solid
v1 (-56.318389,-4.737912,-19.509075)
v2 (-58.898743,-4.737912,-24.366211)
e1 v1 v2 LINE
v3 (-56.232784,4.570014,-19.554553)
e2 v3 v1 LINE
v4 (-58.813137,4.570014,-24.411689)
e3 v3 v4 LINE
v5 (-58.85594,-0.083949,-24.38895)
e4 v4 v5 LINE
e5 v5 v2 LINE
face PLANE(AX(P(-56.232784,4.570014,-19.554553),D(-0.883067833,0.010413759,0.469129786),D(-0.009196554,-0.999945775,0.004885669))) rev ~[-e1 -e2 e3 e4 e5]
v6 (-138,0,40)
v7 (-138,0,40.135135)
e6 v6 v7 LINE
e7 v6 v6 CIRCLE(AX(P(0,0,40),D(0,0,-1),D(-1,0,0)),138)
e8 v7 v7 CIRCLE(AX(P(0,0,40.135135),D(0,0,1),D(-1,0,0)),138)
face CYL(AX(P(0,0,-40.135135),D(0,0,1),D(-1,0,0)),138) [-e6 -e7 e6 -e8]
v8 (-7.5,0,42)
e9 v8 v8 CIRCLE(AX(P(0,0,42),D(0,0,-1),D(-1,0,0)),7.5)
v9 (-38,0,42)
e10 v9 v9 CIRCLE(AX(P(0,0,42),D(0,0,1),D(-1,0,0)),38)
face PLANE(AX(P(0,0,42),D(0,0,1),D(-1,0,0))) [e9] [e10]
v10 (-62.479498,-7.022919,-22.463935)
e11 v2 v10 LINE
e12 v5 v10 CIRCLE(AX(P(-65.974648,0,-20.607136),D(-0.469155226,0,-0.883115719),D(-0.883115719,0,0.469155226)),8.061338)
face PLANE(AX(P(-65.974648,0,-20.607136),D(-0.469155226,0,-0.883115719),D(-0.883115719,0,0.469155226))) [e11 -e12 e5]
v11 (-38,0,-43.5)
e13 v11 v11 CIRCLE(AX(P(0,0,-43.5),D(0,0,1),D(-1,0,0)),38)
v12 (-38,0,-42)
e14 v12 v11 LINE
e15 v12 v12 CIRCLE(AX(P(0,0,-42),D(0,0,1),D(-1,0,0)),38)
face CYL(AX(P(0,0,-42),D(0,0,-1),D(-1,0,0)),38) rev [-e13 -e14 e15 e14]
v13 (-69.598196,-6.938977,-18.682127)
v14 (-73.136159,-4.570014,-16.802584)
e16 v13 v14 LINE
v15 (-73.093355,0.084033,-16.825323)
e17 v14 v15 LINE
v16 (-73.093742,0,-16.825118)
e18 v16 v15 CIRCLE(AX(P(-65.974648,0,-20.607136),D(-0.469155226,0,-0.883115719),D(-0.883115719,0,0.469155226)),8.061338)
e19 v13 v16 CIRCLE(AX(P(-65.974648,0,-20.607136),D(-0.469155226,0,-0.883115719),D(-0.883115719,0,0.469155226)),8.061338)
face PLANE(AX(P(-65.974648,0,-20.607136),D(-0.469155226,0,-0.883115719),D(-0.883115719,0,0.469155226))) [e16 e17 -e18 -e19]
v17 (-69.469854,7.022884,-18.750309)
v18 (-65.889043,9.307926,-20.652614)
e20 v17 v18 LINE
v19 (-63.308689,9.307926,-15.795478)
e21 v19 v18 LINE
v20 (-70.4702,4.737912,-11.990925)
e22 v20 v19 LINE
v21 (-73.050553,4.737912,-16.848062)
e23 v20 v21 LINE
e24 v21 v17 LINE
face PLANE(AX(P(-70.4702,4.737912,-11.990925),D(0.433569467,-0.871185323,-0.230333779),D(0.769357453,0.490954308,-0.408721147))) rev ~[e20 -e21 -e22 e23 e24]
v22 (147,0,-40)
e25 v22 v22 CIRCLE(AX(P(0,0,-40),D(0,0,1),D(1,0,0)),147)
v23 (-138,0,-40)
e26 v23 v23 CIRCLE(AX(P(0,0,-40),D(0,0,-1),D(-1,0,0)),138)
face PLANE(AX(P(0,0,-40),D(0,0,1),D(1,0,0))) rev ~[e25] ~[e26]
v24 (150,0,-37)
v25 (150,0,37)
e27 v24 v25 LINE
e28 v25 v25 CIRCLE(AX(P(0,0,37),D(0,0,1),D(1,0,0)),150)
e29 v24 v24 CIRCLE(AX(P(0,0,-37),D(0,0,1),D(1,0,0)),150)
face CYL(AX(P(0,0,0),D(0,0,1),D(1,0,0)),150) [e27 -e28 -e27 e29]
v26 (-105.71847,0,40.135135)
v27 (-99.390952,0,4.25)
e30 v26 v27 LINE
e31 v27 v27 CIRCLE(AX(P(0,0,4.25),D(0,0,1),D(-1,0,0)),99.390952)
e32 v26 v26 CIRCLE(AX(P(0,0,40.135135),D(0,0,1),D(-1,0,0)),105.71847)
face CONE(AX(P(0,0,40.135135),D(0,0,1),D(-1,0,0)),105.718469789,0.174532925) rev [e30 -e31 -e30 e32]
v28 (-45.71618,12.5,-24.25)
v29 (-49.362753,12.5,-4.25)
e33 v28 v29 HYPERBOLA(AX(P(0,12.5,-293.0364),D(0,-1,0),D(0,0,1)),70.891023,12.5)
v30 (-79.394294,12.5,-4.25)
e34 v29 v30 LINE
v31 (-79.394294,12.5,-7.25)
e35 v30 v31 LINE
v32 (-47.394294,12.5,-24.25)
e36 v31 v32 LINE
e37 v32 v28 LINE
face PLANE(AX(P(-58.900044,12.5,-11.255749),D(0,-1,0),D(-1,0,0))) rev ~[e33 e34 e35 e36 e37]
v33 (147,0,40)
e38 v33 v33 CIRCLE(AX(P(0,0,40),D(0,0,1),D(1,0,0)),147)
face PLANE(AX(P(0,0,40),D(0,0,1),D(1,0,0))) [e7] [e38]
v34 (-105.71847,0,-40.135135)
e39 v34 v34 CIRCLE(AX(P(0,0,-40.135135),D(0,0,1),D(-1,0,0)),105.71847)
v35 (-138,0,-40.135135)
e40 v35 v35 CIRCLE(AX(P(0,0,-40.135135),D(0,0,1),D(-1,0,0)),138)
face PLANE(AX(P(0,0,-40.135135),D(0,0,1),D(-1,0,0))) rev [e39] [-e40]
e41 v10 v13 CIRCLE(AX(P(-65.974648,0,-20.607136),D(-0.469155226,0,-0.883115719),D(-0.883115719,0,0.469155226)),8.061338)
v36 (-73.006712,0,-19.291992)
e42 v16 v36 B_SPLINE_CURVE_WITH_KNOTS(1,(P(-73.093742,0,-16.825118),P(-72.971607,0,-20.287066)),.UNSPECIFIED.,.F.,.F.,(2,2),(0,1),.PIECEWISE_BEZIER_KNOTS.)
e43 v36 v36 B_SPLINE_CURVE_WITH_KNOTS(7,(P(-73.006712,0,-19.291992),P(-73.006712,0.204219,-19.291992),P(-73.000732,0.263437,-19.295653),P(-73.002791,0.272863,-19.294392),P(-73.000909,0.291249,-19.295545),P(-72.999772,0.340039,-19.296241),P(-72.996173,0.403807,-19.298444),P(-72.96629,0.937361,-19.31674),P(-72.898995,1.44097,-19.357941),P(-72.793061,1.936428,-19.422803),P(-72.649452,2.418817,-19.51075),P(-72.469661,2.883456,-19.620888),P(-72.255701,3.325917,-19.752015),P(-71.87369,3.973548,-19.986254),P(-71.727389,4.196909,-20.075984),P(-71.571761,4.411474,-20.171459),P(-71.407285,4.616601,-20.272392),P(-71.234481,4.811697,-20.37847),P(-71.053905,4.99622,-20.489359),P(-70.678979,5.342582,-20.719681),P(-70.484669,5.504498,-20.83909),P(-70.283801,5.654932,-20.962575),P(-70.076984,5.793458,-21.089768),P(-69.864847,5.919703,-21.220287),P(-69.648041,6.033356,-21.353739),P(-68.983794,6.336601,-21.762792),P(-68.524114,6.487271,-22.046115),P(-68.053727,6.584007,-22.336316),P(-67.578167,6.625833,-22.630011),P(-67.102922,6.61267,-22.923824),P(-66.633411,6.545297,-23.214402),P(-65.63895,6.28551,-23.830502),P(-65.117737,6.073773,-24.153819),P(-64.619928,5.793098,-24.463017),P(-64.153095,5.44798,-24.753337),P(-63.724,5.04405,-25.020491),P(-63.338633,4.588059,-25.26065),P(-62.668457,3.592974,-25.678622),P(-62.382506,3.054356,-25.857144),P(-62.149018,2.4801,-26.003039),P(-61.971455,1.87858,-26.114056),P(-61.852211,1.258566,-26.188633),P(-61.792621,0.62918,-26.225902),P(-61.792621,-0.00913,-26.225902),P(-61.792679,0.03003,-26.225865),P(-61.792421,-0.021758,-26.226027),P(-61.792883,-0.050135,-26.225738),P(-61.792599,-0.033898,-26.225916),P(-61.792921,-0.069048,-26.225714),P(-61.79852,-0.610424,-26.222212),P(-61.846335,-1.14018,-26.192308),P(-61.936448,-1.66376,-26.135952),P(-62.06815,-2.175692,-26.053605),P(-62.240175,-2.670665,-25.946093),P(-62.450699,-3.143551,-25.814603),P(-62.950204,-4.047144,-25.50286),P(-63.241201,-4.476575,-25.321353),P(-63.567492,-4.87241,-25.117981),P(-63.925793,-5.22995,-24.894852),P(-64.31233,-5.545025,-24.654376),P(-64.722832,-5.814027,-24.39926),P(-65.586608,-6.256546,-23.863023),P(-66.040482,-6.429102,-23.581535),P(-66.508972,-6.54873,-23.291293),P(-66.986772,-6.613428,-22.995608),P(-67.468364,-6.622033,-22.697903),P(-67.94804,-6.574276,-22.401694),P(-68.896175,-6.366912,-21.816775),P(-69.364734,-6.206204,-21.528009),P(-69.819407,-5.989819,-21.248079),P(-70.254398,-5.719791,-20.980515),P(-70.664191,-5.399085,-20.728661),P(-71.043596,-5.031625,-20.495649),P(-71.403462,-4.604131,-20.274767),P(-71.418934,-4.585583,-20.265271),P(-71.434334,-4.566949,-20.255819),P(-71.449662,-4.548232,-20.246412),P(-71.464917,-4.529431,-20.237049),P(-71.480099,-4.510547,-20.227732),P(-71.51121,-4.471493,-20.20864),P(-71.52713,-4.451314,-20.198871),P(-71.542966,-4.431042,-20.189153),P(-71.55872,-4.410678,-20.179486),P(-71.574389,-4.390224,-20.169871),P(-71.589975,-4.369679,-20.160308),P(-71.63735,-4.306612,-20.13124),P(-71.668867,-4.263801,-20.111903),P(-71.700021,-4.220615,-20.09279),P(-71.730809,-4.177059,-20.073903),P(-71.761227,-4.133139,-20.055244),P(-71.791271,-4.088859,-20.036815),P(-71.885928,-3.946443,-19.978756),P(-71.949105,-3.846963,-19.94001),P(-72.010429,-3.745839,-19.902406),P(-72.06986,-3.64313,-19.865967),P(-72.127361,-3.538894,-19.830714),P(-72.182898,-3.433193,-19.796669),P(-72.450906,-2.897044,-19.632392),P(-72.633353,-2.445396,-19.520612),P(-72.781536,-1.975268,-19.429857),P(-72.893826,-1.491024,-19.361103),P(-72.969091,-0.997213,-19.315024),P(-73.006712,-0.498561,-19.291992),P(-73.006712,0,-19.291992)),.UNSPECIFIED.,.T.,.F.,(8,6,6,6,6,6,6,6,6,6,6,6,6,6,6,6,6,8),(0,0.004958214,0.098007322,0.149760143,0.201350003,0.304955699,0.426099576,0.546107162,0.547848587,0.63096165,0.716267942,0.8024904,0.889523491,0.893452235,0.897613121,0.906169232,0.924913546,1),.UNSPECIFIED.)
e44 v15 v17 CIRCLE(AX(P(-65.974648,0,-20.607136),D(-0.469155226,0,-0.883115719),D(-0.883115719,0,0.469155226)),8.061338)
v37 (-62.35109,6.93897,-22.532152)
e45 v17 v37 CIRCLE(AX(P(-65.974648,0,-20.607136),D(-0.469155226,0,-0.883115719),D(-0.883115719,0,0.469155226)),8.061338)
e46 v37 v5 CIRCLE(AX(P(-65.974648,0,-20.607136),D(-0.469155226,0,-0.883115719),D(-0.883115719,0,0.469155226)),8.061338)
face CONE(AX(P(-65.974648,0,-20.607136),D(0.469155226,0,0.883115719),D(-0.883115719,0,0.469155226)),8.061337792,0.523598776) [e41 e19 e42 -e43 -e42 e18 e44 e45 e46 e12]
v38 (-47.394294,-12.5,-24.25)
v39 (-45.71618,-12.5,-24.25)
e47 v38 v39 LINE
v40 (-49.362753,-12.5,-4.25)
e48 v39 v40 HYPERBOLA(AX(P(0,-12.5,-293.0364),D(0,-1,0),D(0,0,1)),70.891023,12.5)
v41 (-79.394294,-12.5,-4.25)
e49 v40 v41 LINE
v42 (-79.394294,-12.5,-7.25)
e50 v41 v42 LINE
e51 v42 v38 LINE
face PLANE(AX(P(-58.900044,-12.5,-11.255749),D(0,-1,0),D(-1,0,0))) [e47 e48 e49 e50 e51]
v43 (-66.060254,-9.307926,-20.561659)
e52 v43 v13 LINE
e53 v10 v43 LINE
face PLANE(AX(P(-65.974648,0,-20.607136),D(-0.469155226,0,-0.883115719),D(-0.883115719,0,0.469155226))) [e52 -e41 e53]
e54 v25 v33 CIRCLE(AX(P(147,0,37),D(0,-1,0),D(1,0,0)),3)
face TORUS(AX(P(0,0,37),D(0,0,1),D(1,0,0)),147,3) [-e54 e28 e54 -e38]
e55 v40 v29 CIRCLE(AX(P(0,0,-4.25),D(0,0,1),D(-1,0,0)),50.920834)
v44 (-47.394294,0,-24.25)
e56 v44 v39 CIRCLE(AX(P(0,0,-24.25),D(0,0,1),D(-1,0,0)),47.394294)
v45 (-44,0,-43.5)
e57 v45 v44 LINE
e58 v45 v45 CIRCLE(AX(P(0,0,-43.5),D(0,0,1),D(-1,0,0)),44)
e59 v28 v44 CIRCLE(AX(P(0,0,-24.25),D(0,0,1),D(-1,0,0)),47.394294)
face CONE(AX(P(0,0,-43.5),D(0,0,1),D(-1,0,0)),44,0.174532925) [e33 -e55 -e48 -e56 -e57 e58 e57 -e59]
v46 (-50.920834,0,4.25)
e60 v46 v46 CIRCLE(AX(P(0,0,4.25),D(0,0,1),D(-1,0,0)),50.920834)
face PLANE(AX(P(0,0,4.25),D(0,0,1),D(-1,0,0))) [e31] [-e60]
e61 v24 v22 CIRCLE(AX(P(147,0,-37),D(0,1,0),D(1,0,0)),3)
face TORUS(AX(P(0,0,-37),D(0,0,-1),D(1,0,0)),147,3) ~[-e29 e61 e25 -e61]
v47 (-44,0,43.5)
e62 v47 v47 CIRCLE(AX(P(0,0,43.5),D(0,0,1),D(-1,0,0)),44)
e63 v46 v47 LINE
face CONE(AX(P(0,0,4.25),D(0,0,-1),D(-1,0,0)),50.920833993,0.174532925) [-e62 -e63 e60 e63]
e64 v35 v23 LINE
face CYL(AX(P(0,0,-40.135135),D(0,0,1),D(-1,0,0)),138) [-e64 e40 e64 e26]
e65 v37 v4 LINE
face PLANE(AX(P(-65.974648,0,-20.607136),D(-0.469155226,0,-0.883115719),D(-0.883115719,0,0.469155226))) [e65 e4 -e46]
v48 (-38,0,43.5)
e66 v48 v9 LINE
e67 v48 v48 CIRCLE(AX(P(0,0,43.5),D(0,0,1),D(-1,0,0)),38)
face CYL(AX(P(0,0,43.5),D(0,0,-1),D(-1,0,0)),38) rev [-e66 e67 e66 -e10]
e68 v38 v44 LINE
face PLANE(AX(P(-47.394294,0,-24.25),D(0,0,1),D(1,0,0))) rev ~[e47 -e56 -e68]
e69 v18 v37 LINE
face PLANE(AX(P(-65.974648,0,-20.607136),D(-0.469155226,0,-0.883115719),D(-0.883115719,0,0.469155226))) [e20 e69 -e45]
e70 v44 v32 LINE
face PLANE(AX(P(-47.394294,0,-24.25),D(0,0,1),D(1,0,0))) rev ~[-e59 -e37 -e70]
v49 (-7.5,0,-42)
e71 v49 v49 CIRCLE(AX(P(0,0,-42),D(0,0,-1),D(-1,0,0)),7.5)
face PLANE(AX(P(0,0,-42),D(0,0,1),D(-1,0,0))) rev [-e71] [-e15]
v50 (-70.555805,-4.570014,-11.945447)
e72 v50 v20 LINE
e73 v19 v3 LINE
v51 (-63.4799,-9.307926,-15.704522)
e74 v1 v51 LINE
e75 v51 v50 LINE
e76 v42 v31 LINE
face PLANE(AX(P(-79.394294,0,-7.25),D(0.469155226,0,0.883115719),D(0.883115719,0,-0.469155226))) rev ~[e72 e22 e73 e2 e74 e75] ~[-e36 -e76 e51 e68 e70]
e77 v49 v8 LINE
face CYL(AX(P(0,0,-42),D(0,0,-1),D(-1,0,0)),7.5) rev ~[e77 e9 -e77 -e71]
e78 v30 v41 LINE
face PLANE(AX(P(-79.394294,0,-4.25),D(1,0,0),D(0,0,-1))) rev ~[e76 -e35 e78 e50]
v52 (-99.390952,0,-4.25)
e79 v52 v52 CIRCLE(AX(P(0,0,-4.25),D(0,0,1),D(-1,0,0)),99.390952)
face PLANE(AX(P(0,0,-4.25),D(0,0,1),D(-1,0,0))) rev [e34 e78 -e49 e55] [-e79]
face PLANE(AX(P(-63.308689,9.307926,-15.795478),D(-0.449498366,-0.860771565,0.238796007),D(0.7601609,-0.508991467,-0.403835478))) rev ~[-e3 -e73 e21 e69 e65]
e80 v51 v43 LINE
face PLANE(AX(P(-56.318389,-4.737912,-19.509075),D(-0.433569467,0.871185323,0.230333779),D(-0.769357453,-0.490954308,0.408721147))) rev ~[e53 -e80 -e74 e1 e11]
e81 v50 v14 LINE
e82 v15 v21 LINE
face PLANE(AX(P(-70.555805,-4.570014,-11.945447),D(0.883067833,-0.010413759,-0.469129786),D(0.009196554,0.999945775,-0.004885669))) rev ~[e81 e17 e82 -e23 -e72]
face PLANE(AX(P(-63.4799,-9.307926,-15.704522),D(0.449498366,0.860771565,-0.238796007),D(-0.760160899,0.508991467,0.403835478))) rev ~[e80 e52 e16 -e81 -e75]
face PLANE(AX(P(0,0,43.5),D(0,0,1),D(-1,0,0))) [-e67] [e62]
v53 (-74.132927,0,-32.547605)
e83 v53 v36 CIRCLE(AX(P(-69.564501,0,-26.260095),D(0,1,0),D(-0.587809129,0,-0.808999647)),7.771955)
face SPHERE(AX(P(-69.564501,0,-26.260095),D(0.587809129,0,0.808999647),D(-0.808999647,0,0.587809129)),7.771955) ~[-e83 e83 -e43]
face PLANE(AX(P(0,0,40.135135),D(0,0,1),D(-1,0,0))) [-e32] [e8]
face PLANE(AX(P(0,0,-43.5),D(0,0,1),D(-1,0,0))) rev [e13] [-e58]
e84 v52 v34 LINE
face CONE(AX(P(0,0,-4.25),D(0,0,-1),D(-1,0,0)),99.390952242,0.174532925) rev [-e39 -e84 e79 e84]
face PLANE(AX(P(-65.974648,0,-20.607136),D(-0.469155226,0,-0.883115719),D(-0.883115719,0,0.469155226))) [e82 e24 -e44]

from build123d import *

# Parameters (mm, degrees)
SKETCH1_R           = 150
SKETCH1_R_2         = 138
BOSS_EXTRUDE1_DEPTH = 40
FILLET4_R           = 3
BOSS_EXTRUDE2_DEPTH = 12.5
BOSS_EXTRUDE3_DEPTH = 5.5
SKETCH6_R           = 8.061337792
BOSS_EXTRUDE4_DEPTH = 3
BOSS_EXTRUDE4_TAPER = 30
SKETCH8_R           = 7.5
CUT_EXTRUDE1_DEPTH  = 229.714341483


with BuildPart() as part:
    # Sketch1 → Boss-Extrude1 (new, symmetric)
    with BuildSketch(Plane.XY):
        Circle(SKETCH1_R)
        Circle(SKETCH1_R_2, mode=Mode.SUBTRACT)
    extrude(amount=BOSS_EXTRUDE1_DEPTH, both=True)

    # Fillet4
    fillet4_edges = [part.edges().sort_by_distance(p)[0] for p in [
        (-150, 0, -40),
        (-150, 0, 40),
    ]]
    fillet(fillet4_edges, radius=FILLET4_R)



with BuildPart() as body_2:
    # Sketch3 → Revolve6 (revolve)
    with BuildSketch(Plane(origin=(0, 0, 0), x_dir=(1, 0, 0), z_dir=(0, 1, 0))):
        Polygon((0, -42), (0, 42), (-38, 42), (-38, 43.5), (-44, 43.5), (-50.920833993, 4.25), (-99.390952242, 4.25), (-105.718469789, 40.135135225), (-138, 40.135135225), (-138, 0.135135225), (-138, 0), (-138, -0.135135225), (-138, -40.135135225), (-105.718469789, -40.135135225), (-99.390952242, -4.25), (-50.920833993, -4.25), (-44, -43.5), (-38, -43.5), (-38, -42), align=None)
    revolve(axis=Axis((0, 0, -71.241325943), (0, 0, 1)))


with BuildPart() as part_1:
    add(part.part)

    add(body_2.part)  # Boss-Extrude2 merges body 2
    # Sketch4 → Boss-Extrude2 (add, symmetric)
    with BuildSketch(Plane(origin=(0, 0, 0), x_dir=(1, 0, 0), z_dir=(0, 1, 0))):
        Polygon((-44.394294379, 24.25), (-44.394294379, 4.25), (-79.394294379, 4.25), (-79.394294379, 7.25), (-47.394294379, 24.25), align=None)
    extrude(amount=BOSS_EXTRUDE2_DEPTH, both=True)

    # Sketch5 → Boss-Extrude3 (add)
    with BuildSketch(Plane(origin=(-20.479018336, 0, -38.548740398), x_dir=(-0.8831157194574107, 0, 0.46915522596174897), z_dir=(-0.46915522596174897, 0, -0.8831157194574107))):
        Polygon((56.704671627, -4.570014345), (56.607735872, 4.737911997), (48.498367326, 9.307926342), (40.485934534, 4.570014345), (40.582870289, -4.737911997), (48.692238836, -9.307926342), align=None)
    extrude(amount=BOSS_EXTRUDE3_DEPTH)

    # Sketch6 → Boss-Extrude4 (add)
    with BuildSketch(Plane(origin=(-23.059372079, 0, -43.405876855), x_dir=(-0.8831157194574104, 0, 0.46915522596174986), z_dir=(-0.4691552259617498, 0, -0.8831157194574103))):
        with Locations((48.595303081, 0)):
            Circle(SKETCH6_R)
    extrude(amount=BOSS_EXTRUDE4_DEPTH, taper=BOSS_EXTRUDE4_TAPER)

    # Sketch7 → Revolve7 (revolve)
    with BuildSketch(Plane(origin=(0, 0, 0), x_dir=(1, 0, 0), z_dir=(0, 1, 0)), mode=Mode.PRIVATE) as revolve7_sk:
        with BuildLine():
            ThreePointArc((-74.132927223, 32.5476045), (-66.020984278, 33.177231974), (-61.79262097, 26.225901681))
            Line((-61.79262097, 26.225901681), (-67.382113799, 23.256483615))
            Line((-67.382113799, 23.256483615), (-74.132927223, 32.5476045))
        make_face()
    revolve(revolve7_sk.sketch.rotate(Axis((-67.382113799, 0, -23.256483615), (-0.5878091288499389, 0, -0.8089996465021947)), 180), axis=Axis((-67.382113799, 0, -23.256483615), (-0.5878091288499389, 0, -0.8089996465021947)))

    # Sketch8 → Cut-Extrude1 (cut, through all)
    with BuildSketch(Plane(origin=(0, 0, -42), x_dir=(-1, 0, 0), z_dir=(0, 0, -1))):
        Circle(SKETCH8_R)
    extrude(amount=-CUT_EXTRUDE1_DEPTH, mode=Mode.SUBTRACT)


solid = part_1.part
